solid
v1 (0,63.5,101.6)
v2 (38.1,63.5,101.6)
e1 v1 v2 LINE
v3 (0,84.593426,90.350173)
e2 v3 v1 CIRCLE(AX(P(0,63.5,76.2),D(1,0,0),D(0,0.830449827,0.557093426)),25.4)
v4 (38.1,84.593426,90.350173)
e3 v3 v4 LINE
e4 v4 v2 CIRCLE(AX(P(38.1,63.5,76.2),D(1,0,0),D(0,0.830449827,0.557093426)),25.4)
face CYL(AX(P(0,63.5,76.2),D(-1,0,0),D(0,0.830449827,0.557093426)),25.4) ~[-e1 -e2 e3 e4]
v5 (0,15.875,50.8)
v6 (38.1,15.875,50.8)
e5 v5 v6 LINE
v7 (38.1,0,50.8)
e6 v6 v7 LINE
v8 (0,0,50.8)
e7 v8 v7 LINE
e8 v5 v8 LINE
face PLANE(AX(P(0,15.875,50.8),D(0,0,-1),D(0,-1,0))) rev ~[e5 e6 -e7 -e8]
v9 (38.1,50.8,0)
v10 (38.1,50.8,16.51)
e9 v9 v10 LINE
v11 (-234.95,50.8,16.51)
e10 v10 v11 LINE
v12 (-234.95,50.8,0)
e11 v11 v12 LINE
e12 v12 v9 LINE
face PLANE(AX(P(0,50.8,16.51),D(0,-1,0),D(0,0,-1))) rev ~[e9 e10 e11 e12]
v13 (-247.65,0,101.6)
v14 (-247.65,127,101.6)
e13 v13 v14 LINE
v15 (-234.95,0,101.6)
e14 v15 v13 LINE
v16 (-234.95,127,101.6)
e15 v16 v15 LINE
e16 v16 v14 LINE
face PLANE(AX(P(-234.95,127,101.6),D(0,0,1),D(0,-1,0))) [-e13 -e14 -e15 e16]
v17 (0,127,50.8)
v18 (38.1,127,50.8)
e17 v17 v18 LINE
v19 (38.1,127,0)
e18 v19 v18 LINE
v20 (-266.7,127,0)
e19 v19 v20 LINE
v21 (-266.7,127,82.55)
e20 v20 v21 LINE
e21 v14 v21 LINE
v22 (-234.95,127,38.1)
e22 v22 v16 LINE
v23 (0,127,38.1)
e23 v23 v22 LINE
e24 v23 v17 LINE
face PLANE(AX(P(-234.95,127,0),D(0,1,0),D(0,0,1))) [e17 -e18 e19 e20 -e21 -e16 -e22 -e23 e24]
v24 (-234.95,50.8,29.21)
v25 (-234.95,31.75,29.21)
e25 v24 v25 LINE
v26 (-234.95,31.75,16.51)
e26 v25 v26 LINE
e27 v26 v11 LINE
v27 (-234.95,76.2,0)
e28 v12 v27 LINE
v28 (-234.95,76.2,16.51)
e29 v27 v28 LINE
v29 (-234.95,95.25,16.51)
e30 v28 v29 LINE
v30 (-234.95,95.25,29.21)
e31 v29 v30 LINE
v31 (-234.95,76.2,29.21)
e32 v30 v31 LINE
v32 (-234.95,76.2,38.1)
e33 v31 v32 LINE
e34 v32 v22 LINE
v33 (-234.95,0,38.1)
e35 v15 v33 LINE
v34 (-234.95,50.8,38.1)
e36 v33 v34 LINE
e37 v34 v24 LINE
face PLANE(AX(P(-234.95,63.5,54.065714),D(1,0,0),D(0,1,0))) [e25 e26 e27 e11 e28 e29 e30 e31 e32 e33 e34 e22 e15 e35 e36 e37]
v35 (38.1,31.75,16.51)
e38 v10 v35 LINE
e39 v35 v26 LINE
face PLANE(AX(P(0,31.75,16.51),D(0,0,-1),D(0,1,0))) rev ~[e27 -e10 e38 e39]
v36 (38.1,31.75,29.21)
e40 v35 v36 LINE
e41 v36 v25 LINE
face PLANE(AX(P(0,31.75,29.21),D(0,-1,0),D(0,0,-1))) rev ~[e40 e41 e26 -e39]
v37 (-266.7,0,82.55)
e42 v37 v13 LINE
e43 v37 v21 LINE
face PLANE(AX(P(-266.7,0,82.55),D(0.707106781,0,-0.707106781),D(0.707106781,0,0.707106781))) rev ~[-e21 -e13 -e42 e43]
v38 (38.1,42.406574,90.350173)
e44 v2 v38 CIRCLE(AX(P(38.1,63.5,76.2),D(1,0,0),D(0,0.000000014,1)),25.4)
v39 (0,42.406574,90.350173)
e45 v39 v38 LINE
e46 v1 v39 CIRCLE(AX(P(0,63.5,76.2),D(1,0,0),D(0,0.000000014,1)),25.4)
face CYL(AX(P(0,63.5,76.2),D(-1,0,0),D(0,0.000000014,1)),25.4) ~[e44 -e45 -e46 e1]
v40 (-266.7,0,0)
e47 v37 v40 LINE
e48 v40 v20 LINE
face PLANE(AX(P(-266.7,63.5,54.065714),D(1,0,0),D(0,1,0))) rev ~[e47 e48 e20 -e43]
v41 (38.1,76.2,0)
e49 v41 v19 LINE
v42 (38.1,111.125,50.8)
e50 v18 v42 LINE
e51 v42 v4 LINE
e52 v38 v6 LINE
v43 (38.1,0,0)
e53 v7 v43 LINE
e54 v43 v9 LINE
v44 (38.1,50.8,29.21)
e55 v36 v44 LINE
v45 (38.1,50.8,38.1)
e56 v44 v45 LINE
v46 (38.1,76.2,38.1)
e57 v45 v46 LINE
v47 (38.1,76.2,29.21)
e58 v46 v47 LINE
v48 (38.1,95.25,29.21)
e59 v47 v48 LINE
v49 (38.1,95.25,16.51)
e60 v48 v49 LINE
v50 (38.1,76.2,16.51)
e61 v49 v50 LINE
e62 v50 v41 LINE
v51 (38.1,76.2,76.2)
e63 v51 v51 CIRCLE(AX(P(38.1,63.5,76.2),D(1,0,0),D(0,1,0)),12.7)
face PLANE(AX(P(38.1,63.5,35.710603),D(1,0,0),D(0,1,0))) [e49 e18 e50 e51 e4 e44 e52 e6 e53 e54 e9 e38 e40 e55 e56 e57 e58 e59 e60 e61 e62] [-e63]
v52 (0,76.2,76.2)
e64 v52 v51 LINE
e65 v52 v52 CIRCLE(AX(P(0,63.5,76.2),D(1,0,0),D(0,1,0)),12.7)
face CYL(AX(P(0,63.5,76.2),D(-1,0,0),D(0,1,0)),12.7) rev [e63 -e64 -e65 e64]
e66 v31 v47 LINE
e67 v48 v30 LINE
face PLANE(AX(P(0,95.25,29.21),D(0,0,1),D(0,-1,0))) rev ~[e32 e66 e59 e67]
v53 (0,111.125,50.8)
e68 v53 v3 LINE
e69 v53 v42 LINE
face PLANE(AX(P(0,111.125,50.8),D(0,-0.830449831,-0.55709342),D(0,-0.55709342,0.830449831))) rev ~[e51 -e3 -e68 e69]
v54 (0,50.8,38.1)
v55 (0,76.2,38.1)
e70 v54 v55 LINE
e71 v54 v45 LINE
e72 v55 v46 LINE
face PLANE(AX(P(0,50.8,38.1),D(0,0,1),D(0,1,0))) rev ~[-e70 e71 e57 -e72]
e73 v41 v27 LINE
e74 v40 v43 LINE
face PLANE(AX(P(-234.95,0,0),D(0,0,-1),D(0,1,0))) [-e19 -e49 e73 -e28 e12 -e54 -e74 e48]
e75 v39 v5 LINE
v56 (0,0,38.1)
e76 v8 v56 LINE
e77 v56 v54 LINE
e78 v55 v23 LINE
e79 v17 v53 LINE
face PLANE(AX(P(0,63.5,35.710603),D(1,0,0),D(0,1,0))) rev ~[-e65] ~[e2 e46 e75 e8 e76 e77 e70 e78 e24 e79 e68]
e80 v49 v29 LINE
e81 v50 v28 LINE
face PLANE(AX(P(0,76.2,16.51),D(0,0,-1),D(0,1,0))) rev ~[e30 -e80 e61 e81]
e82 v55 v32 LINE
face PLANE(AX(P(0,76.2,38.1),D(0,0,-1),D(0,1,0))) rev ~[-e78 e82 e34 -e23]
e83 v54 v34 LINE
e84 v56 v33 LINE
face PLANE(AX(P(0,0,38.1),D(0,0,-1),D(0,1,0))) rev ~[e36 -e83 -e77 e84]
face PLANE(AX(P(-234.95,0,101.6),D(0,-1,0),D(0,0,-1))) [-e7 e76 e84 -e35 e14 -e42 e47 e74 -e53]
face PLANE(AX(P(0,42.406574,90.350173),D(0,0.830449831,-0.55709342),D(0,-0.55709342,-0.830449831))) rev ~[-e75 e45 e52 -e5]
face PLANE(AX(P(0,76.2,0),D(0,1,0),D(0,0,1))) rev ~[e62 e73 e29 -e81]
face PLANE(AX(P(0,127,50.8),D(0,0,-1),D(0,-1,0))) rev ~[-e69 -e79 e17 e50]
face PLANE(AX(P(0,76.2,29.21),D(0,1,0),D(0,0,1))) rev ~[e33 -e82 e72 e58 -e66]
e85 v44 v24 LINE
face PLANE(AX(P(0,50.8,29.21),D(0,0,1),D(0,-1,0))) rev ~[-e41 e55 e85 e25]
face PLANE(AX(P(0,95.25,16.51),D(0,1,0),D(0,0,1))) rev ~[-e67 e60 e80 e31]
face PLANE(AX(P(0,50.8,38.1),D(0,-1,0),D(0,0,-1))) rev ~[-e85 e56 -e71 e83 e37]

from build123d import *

# Parameters (mm, degrees)
F0_R     = 12.7
F1_DEPTH = 38.1
F3_DEPTH = 234.95
F4_DEPTH = 234.95
F7_DEPTH = 31.75
F9_DEPTH = 127.001


with BuildPart() as f1:
    # F0 (on Right) → F1 (new body)
    with BuildSketch(Plane.YZ):
        with BuildLine():
            ThreePointArc((84.593426, 90.350173), (75.452941, 98.611765), (63.5, 101.6))
            ThreePointArc((63.5, 101.6), (51.547059, 98.611765), (42.406574, 90.350173))
            Line((42.406574, 90.350173), (15.875, 50.8))
            Line((15.875, 50.8), (0, 50.8))
            Line((0, 50.8), (0, 0))
            Line((0, 0), (50.8, 0))
            Line((50.8, 0), (50.8, 16.51))
            Line((50.8, 16.51), (31.75, 16.51))
            Line((31.75, 16.51), (31.75, 29.21))
            Line((31.75, 29.21), (50.8, 29.21))
            Line((50.8, 29.21), (50.8, 38.1))
            Line((50.8, 38.1), (76.2, 38.1))
            Line((76.2, 38.1), (76.2, 29.21))
            Line((76.2, 29.21), (95.25, 29.21))
            Line((95.25, 29.21), (95.25, 16.51))
            Line((95.25, 16.51), (76.2, 16.51))
            Line((76.2, 16.51), (76.2, 0))
            Line((76.2, 0), (127, 0))
            Line((127, 0), (127, 50.8))
            Line((127, 50.8), (111.125, 50.8))
            Line((111.125, 50.8), (84.593426, 90.350173))
        make_face()
        with Locations((63.5, 76.2)):
            Circle(F0_R, mode=Mode.SUBTRACT)
    extrude(amount=F1_DEPTH)

    # F2 (on face) → F3 (join)
    with BuildSketch(Plane(origin=(0, 0, 0), x_dir=(0, -1, 0), z_dir=(-1, 0, 0))):
        Polygon((-127, 38.1), (-127, 0), (-76.2, 0), (-76.2, 16.51), (-95.25, 16.51), (-95.25, 29.21), (-76.2, 29.21), (-76.2, 38.1), align=None)
    extrude(amount=F3_DEPTH)

    # F2 (on face) → F4 (join)
    with BuildSketch(Plane(origin=(0, 0, 0), x_dir=(0, -1, 0), z_dir=(-1, 0, 0))):
        Polygon((0, 38.1), (-50.8, 38.1), (-50.8, 29.21), (-31.75, 29.21), (-31.75, 16.51), (-50.8, 16.51), (-50.8, 0), (0, 0), align=None)
    extrude(amount=F4_DEPTH)

    # F6 (on offset) → F7 (join)
    with BuildSketch(Plane.YZ.offset(-234.95)):
        Polygon((76.2, 29.21), (76.2, 38.1), (127, 38.1), (127, 101.6), (0, 101.6), (0, 38.1), (50.8, 38.1), (50.8, 29.21), (31.75, 29.21), (31.75, 16.51), (50.8, 16.51), (50.8, 0), (76.2, 0), (76.2, 16.51), (95.25, 16.51), (95.25, 29.21), align=None)
        Polygon((0, 0), (50.8, 0), (50.8, 16.51), (31.75, 16.51), (31.75, 29.21), (50.8, 29.21), (50.8, 38.1), (0, 38.1), align=None)
        Polygon((127, 38.1), (76.2, 38.1), (76.2, 29.21), (95.25, 29.21), (95.25, 16.51), (76.2, 16.51), (76.2, 0), (127, 0), align=None)
    extrude(amount=-F7_DEPTH)

    # F8 (on face) → F9 (cut, through all)
    with BuildSketch(Plane.XZ):
        Polygon((-266.7, 101.6), (-266.7, 82.55), (-247.65, 101.6), align=None)
    extrude(amount=-F9_DEPTH, mode=Mode.SUBTRACT)


solid = f1.part
